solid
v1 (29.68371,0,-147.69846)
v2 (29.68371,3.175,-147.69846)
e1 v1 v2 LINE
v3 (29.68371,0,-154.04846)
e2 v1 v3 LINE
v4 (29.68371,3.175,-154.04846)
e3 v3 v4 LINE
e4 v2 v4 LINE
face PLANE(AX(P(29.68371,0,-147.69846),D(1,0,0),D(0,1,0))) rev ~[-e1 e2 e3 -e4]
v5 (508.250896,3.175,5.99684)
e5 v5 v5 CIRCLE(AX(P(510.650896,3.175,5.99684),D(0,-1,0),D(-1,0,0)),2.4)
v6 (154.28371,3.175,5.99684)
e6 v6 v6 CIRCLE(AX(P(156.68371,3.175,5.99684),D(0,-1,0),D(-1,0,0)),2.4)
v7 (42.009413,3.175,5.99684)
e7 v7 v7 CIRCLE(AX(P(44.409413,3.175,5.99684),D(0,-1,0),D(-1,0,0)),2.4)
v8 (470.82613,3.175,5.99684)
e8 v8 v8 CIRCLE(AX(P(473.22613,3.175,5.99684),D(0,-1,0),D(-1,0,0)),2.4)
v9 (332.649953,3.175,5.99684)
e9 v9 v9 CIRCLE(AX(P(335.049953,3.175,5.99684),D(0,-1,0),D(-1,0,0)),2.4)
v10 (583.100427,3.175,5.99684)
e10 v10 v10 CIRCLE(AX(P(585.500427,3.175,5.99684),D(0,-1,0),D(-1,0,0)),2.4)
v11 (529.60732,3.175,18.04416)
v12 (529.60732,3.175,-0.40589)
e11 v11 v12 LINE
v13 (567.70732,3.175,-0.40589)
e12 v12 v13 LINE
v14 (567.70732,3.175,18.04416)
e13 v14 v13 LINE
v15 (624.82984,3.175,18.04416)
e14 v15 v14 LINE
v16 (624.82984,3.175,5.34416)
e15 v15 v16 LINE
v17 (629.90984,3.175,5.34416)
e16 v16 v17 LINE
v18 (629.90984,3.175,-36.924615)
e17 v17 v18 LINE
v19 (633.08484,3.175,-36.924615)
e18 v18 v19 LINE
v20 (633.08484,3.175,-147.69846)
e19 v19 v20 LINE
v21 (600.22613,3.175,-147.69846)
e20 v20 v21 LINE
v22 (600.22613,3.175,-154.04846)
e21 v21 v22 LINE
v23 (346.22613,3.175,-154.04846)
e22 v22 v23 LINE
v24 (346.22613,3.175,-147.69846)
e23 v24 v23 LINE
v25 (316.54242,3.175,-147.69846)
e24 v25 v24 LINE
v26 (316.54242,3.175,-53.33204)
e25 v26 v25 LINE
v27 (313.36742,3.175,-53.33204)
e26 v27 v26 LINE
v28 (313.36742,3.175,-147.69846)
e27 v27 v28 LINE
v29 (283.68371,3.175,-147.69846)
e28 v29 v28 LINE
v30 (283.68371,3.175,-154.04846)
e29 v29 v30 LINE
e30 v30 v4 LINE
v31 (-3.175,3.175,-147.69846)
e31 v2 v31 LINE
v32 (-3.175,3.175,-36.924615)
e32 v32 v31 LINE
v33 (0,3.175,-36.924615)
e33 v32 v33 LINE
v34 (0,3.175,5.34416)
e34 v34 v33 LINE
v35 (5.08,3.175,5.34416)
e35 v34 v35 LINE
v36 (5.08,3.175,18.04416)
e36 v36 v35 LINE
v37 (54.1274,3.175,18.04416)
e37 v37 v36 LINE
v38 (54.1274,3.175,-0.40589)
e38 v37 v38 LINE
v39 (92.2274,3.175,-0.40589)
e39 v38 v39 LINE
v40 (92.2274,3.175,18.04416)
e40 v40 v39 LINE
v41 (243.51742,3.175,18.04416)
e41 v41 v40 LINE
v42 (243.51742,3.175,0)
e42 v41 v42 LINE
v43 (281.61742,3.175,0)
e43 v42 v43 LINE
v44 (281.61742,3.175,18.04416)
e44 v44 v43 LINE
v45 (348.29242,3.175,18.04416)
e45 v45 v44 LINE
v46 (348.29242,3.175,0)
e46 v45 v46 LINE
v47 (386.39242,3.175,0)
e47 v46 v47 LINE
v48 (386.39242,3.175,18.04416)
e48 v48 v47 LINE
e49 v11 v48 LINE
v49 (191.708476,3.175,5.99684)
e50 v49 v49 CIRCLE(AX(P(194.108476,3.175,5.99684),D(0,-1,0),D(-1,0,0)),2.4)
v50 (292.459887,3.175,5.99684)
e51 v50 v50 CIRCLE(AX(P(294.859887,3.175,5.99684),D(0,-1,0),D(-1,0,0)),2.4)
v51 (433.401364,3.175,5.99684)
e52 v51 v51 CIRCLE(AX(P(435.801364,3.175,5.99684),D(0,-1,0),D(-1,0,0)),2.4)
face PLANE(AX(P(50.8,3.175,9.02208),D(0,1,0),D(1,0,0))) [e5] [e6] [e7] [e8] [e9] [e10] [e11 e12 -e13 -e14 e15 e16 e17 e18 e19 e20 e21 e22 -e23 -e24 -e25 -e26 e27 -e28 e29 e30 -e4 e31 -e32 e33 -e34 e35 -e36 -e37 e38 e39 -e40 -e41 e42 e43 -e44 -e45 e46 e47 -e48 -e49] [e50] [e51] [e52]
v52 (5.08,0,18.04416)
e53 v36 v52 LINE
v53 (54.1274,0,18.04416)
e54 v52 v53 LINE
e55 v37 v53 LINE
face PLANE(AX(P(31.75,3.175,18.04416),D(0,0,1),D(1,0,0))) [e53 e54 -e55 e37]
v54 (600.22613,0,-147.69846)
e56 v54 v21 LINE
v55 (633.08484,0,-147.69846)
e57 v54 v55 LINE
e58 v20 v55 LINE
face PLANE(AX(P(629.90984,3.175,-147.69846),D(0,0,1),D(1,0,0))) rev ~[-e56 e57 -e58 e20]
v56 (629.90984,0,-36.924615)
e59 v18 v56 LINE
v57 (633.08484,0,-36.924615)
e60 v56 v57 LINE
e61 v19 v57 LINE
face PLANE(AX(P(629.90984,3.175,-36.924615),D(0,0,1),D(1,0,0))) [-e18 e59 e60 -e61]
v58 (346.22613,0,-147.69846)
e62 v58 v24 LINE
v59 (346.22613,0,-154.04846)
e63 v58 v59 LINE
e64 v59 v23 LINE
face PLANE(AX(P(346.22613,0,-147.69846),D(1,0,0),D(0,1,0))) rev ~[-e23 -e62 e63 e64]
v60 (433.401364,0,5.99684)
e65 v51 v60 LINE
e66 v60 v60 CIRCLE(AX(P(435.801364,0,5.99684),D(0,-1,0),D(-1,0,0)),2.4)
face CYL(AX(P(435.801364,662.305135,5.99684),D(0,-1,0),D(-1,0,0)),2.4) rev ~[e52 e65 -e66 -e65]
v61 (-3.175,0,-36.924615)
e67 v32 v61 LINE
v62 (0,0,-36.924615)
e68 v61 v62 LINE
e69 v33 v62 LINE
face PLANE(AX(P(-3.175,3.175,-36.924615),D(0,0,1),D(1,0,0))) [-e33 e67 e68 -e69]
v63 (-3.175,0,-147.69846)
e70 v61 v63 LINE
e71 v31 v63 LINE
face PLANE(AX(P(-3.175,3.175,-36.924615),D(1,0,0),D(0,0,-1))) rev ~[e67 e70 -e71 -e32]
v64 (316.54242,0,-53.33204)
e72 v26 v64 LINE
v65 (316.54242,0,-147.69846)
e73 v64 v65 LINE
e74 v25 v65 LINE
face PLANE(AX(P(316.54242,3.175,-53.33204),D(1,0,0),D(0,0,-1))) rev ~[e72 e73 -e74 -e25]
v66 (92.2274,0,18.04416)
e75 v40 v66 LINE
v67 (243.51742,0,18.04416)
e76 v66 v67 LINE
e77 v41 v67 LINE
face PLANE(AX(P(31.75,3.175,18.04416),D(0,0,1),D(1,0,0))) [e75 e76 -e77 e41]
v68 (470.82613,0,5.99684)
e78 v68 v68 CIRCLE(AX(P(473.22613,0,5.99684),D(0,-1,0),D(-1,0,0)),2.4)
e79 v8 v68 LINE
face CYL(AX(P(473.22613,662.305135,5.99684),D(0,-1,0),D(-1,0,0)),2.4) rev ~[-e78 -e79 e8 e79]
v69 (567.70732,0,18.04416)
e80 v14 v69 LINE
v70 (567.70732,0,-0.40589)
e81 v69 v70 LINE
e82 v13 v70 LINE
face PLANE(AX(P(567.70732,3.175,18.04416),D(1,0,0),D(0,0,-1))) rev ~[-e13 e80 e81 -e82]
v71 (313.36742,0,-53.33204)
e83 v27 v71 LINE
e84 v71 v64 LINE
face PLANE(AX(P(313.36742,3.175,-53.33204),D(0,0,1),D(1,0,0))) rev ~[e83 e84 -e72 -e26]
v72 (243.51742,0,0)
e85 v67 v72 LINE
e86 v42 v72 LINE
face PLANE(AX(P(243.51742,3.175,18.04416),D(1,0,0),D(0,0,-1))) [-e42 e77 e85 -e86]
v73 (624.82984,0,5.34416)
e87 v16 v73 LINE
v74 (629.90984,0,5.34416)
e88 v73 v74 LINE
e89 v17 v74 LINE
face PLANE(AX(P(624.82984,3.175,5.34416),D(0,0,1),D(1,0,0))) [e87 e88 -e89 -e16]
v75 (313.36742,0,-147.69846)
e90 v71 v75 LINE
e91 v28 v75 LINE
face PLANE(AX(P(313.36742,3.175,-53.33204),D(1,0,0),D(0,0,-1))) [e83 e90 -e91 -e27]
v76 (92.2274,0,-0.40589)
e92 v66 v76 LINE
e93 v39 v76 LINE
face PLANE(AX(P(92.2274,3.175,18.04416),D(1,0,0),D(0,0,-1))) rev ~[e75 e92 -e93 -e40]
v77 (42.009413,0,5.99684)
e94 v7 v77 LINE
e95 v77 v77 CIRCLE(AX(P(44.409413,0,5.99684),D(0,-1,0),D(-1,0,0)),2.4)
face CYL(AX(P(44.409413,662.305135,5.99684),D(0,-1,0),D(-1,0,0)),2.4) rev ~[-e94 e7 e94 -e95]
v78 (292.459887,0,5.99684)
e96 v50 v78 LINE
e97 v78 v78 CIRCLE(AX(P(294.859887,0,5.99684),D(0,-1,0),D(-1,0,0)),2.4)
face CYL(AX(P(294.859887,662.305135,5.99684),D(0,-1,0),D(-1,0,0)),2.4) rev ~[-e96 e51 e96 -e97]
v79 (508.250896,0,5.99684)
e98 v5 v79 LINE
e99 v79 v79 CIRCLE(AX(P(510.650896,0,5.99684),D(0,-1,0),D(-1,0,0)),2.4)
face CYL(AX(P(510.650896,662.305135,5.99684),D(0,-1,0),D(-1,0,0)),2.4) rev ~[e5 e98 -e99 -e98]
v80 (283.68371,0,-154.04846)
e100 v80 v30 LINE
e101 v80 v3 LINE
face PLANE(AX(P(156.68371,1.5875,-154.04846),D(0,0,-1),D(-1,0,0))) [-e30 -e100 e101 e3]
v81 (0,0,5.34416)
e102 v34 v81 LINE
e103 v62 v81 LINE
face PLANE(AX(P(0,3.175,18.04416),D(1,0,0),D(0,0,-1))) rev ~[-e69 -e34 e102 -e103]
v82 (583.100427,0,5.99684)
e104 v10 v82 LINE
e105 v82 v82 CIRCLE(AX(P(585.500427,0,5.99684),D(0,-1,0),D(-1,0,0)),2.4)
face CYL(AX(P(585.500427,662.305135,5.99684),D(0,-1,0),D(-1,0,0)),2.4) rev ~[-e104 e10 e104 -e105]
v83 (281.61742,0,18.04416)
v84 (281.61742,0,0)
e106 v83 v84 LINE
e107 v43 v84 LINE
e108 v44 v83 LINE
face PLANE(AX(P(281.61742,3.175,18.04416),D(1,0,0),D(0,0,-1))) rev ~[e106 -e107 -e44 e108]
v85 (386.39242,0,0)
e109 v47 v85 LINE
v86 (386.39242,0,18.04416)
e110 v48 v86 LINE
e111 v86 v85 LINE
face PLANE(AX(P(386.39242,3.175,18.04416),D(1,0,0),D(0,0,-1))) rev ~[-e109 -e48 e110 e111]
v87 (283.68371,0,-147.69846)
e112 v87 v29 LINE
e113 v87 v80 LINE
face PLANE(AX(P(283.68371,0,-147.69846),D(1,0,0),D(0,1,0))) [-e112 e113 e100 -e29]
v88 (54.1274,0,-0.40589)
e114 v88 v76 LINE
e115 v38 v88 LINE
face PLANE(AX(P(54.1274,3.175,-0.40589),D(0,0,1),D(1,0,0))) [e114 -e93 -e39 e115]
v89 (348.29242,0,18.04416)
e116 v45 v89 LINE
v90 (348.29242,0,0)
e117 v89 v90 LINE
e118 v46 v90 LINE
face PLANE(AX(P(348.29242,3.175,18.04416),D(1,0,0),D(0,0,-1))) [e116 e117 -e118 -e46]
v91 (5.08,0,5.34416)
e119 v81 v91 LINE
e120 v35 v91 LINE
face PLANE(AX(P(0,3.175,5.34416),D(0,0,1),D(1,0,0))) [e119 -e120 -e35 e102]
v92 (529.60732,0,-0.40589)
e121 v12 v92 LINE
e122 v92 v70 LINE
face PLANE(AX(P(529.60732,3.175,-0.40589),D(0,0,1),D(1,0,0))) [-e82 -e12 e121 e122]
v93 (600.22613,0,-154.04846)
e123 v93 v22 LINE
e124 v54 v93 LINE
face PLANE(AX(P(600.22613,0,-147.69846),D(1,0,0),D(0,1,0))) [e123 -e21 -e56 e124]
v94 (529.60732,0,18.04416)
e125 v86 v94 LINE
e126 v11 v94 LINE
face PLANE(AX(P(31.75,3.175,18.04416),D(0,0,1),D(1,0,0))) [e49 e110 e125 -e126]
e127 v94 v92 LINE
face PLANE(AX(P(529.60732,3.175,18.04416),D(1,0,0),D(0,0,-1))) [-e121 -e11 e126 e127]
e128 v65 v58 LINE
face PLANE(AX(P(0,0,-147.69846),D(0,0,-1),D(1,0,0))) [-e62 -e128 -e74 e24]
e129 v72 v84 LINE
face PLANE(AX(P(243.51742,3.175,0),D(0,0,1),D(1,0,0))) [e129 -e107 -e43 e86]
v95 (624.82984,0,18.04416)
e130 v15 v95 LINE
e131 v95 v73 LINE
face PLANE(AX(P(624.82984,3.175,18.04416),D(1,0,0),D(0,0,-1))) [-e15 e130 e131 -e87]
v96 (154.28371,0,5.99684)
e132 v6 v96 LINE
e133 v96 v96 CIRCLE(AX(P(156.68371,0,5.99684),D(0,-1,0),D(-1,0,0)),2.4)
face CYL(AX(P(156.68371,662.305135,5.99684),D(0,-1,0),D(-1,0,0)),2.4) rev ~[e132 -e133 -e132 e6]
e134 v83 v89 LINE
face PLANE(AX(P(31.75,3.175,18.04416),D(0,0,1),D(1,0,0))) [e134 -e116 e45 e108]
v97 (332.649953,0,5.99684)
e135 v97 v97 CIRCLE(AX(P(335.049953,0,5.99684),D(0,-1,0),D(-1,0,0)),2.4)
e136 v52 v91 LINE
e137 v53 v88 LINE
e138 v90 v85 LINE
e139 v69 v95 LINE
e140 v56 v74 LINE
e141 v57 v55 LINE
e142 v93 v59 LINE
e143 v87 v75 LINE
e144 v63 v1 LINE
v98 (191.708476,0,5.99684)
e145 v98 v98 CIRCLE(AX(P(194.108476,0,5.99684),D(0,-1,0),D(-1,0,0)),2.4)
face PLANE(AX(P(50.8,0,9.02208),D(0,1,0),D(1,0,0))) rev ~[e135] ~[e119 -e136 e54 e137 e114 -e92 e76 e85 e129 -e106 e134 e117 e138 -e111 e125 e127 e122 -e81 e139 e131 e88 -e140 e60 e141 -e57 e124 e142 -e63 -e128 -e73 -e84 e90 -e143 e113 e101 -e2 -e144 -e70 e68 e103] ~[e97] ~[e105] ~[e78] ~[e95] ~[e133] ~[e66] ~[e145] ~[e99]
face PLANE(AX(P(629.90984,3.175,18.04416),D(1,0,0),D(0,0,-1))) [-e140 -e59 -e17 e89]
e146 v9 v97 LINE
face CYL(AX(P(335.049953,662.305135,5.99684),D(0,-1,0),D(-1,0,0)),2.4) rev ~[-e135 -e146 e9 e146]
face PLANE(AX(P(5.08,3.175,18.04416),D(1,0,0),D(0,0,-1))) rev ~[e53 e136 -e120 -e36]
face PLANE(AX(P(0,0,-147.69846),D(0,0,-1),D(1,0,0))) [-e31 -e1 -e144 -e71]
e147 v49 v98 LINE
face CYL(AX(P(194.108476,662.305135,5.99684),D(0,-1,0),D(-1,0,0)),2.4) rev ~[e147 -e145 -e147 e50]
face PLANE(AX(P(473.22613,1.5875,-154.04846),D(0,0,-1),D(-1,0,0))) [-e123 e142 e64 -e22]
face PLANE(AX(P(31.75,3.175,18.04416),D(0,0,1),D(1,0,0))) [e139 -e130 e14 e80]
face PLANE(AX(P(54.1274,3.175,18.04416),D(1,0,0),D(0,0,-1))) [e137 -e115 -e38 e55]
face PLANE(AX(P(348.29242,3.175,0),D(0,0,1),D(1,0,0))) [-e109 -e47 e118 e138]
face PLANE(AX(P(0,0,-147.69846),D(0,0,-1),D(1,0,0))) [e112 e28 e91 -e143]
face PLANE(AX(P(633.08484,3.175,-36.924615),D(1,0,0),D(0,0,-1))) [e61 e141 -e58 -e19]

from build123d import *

# Parameters (mm, degrees)
SKETCH1_W            = 629.90984
SKETCH1_H            = 147.69846
BOSS_EXTRUDE1_DEPTH  = 3.175
SKETCH3_W            = 254
SKETCH3_H            = 3.175
BOSS_EXTRUDE2_DEPTH  = 6.35
SKETCH4_W            = 3.175
SKETCH4_H            = 188.732840052
CUT_EXTRUDE1_DEPTH   = 3.175
SKETCH6_W            = 3.175
SKETCH6_H            = 110.773845
BOSS_EXTRUDE4_DEPTH  = 3.175
SKETCH8_W            = 629.90984
SKETCH8_H            = 18.04416
BOSS_EXTRUDE5_DEPTH  = 3.175
SKETCH10_W           = 38.1
SKETCH10_H           = 36.08832
CUT_EXTRUDE3_DEPTH   = 652.56536379
SKETCH12_W           = 38.1
SKETCH12_H           = 18.04416
BOSS_EXTRUDE7_DEPTH  = 3.175
SKETCH17_W           = 38.1
SKETCH17_H           = 18.04416
CUT_EXTRUDE5_DEPTH   = 652.56536379
SKETCH18_W           = 38.1
SKETCH18_H           = 18.450049938
CUT_EXTRUDE6_DEPTH   = 652.56536379
SKETCH24_W           = 5.08
SKETCH24_H           = 12.7
CUT_EXTRUDE11_DEPTH  = 652.56536379
M4_CLEARANCE_HOLE3_D = 4.8


with BuildPart() as part:
    # Sketch1 → Boss-Extrude1 (new body)
    with BuildSketch(Plane(origin=(0, 0, 0), x_dir=(1, 0, 0), z_dir=(0, 1, 0))):
        with Locations((314.95492, 73.84923)):
            Rectangle(SKETCH1_W, SKETCH1_H)
    extrude(amount=BOSS_EXTRUDE1_DEPTH)

    # Sketch3 → Boss-Extrude2 (add)
    with BuildSketch(Plane(origin=(0, 0, -147.69846), x_dir=(-1, 0, 0), z_dir=(0, 0, -1))):
        with Locations((-473.22613, 1.5875)):
            Rectangle(SKETCH3_W, SKETCH3_H)
        with Locations((-156.68371, 1.5875)):
            Rectangle(SKETCH3_W, SKETCH3_H)
    extrude(amount=BOSS_EXTRUDE2_DEPTH)

    # Sketch4 → Cut-Extrude1 (cut)
    with BuildSketch(Plane(origin=(0, 3.175, 0), x_dir=(1, 0, 0), z_dir=(0, 1, 0))):
        with Locations((314.95492, 147.69846)):
            Rectangle(SKETCH4_W, SKETCH4_H)
    extrude(amount=-CUT_EXTRUDE1_DEPTH, mode=Mode.SUBTRACT)

    # Sketch6 → Boss-Extrude4 (add)
    with BuildSketch(Plane(origin=(0, 3.175, 0), x_dir=(1, 0, 0), z_dir=(0, 1, 0))):
        with Locations((631.49734, 92.3115375)):
            Rectangle(SKETCH6_W, SKETCH6_H)
        with Locations((-1.5875, 92.3115375)):
            Rectangle(SKETCH6_W, SKETCH6_H)
    extrude(amount=-BOSS_EXTRUDE4_DEPTH)

    # Sketch8 → Boss-Extrude5 (add, through all)
    with BuildSketch(Plane(origin=(0, 3.175, 0), x_dir=(1, 0, 0), z_dir=(0, 1, 0))):
        with Locations((314.95492, -9.02208)):
            Rectangle(SKETCH8_W, SKETCH8_H)
    extrude(amount=-BOSS_EXTRUDE5_DEPTH)

    # Sketch10 → Cut-Extrude3 (cut, through all)
    with BuildSketch(Plane(origin=(0, 3.175, 0), x_dir=(1, 0, 0), z_dir=(0, 1, 0))):
        with Locations((579.10984, -18.04416)):
            Rectangle(SKETCH10_W, SKETCH10_H)
        with Locations((50.8, -18.04416)):
            Rectangle(SKETCH10_W, SKETCH10_H)
    extrude(amount=-CUT_EXTRUDE3_DEPTH, mode=Mode.SUBTRACT)

    # Sketch12 → Boss-Extrude7 (add, through all)
    with BuildSketch(Plane(origin=(0, 3.175, 0), x_dir=(1, 0, 0), z_dir=(0, 1, 0))):
        with Locations((50.8, -9.02208)):
            Rectangle(SKETCH12_W, SKETCH12_H)
        with Locations((579.10984, -9.02208)):
            Rectangle(SKETCH12_W, SKETCH12_H)
    extrude(amount=-BOSS_EXTRUDE7_DEPTH)

    # Sketch17 → Cut-Extrude5 (cut, through all)
    with BuildSketch(Plane(origin=(0, 3.175, 0), x_dir=(1, 0, 0), z_dir=(0, 1, 0))):
        with Locations((262.56742, -9.02208)):
            Rectangle(SKETCH17_W, SKETCH17_H)
        with Locations((367.34242, -9.02208)):
            Rectangle(SKETCH17_W, SKETCH17_H)
    extrude(amount=-CUT_EXTRUDE5_DEPTH, mode=Mode.SUBTRACT)

    # Sketch18 → Cut-Extrude6 (cut, through all)
    with BuildSketch(Plane(origin=(0, 3.175, 0), x_dir=(1, 0, 0), z_dir=(0, 1, 0))):
        with Locations((73.1774, -8.819135031)):
            Rectangle(SKETCH18_W, SKETCH18_H)
        with Locations((548.657320006, -8.819135031)):
            Rectangle(SKETCH18_W, SKETCH18_H)
    extrude(amount=-CUT_EXTRUDE6_DEPTH, mode=Mode.SUBTRACT)

    # Sketch24 → Cut-Extrude11 (cut, through all)
    with BuildSketch(Plane(origin=(0, 3.175, 0), x_dir=(1, 0, 0), z_dir=(0, 1, 0))):
        with Locations((2.54, -11.69416)):
            Rectangle(SKETCH24_W, SKETCH24_H)
        with Locations((627.36984, -11.69416)):
            Rectangle(SKETCH24_W, SKETCH24_H)
    extrude(amount=-CUT_EXTRUDE11_DEPTH, mode=Mode.SUBTRACT)

    # M4 Clearance Hole3 (through all)
    with Locations(Plane(origin=(0, 3.175, 0), x_dir=(1, 0, 0), z_dir=(0, 1, 0))):
        with Locations((44.409412743, -5.996840051), (156.68371, -5.996840051), (194.108475752, -5.996840051), (294.859886505, -5.996840051), (335.049953495, -5.996840051), (435.801364248, -5.996840051), (473.22613, -5.996840051), (510.650895752, -5.996840051), (585.500427257, -5.996840051)):
            Hole(M4_CLEARANCE_HOLE3_D / 2)


solid = part.part
